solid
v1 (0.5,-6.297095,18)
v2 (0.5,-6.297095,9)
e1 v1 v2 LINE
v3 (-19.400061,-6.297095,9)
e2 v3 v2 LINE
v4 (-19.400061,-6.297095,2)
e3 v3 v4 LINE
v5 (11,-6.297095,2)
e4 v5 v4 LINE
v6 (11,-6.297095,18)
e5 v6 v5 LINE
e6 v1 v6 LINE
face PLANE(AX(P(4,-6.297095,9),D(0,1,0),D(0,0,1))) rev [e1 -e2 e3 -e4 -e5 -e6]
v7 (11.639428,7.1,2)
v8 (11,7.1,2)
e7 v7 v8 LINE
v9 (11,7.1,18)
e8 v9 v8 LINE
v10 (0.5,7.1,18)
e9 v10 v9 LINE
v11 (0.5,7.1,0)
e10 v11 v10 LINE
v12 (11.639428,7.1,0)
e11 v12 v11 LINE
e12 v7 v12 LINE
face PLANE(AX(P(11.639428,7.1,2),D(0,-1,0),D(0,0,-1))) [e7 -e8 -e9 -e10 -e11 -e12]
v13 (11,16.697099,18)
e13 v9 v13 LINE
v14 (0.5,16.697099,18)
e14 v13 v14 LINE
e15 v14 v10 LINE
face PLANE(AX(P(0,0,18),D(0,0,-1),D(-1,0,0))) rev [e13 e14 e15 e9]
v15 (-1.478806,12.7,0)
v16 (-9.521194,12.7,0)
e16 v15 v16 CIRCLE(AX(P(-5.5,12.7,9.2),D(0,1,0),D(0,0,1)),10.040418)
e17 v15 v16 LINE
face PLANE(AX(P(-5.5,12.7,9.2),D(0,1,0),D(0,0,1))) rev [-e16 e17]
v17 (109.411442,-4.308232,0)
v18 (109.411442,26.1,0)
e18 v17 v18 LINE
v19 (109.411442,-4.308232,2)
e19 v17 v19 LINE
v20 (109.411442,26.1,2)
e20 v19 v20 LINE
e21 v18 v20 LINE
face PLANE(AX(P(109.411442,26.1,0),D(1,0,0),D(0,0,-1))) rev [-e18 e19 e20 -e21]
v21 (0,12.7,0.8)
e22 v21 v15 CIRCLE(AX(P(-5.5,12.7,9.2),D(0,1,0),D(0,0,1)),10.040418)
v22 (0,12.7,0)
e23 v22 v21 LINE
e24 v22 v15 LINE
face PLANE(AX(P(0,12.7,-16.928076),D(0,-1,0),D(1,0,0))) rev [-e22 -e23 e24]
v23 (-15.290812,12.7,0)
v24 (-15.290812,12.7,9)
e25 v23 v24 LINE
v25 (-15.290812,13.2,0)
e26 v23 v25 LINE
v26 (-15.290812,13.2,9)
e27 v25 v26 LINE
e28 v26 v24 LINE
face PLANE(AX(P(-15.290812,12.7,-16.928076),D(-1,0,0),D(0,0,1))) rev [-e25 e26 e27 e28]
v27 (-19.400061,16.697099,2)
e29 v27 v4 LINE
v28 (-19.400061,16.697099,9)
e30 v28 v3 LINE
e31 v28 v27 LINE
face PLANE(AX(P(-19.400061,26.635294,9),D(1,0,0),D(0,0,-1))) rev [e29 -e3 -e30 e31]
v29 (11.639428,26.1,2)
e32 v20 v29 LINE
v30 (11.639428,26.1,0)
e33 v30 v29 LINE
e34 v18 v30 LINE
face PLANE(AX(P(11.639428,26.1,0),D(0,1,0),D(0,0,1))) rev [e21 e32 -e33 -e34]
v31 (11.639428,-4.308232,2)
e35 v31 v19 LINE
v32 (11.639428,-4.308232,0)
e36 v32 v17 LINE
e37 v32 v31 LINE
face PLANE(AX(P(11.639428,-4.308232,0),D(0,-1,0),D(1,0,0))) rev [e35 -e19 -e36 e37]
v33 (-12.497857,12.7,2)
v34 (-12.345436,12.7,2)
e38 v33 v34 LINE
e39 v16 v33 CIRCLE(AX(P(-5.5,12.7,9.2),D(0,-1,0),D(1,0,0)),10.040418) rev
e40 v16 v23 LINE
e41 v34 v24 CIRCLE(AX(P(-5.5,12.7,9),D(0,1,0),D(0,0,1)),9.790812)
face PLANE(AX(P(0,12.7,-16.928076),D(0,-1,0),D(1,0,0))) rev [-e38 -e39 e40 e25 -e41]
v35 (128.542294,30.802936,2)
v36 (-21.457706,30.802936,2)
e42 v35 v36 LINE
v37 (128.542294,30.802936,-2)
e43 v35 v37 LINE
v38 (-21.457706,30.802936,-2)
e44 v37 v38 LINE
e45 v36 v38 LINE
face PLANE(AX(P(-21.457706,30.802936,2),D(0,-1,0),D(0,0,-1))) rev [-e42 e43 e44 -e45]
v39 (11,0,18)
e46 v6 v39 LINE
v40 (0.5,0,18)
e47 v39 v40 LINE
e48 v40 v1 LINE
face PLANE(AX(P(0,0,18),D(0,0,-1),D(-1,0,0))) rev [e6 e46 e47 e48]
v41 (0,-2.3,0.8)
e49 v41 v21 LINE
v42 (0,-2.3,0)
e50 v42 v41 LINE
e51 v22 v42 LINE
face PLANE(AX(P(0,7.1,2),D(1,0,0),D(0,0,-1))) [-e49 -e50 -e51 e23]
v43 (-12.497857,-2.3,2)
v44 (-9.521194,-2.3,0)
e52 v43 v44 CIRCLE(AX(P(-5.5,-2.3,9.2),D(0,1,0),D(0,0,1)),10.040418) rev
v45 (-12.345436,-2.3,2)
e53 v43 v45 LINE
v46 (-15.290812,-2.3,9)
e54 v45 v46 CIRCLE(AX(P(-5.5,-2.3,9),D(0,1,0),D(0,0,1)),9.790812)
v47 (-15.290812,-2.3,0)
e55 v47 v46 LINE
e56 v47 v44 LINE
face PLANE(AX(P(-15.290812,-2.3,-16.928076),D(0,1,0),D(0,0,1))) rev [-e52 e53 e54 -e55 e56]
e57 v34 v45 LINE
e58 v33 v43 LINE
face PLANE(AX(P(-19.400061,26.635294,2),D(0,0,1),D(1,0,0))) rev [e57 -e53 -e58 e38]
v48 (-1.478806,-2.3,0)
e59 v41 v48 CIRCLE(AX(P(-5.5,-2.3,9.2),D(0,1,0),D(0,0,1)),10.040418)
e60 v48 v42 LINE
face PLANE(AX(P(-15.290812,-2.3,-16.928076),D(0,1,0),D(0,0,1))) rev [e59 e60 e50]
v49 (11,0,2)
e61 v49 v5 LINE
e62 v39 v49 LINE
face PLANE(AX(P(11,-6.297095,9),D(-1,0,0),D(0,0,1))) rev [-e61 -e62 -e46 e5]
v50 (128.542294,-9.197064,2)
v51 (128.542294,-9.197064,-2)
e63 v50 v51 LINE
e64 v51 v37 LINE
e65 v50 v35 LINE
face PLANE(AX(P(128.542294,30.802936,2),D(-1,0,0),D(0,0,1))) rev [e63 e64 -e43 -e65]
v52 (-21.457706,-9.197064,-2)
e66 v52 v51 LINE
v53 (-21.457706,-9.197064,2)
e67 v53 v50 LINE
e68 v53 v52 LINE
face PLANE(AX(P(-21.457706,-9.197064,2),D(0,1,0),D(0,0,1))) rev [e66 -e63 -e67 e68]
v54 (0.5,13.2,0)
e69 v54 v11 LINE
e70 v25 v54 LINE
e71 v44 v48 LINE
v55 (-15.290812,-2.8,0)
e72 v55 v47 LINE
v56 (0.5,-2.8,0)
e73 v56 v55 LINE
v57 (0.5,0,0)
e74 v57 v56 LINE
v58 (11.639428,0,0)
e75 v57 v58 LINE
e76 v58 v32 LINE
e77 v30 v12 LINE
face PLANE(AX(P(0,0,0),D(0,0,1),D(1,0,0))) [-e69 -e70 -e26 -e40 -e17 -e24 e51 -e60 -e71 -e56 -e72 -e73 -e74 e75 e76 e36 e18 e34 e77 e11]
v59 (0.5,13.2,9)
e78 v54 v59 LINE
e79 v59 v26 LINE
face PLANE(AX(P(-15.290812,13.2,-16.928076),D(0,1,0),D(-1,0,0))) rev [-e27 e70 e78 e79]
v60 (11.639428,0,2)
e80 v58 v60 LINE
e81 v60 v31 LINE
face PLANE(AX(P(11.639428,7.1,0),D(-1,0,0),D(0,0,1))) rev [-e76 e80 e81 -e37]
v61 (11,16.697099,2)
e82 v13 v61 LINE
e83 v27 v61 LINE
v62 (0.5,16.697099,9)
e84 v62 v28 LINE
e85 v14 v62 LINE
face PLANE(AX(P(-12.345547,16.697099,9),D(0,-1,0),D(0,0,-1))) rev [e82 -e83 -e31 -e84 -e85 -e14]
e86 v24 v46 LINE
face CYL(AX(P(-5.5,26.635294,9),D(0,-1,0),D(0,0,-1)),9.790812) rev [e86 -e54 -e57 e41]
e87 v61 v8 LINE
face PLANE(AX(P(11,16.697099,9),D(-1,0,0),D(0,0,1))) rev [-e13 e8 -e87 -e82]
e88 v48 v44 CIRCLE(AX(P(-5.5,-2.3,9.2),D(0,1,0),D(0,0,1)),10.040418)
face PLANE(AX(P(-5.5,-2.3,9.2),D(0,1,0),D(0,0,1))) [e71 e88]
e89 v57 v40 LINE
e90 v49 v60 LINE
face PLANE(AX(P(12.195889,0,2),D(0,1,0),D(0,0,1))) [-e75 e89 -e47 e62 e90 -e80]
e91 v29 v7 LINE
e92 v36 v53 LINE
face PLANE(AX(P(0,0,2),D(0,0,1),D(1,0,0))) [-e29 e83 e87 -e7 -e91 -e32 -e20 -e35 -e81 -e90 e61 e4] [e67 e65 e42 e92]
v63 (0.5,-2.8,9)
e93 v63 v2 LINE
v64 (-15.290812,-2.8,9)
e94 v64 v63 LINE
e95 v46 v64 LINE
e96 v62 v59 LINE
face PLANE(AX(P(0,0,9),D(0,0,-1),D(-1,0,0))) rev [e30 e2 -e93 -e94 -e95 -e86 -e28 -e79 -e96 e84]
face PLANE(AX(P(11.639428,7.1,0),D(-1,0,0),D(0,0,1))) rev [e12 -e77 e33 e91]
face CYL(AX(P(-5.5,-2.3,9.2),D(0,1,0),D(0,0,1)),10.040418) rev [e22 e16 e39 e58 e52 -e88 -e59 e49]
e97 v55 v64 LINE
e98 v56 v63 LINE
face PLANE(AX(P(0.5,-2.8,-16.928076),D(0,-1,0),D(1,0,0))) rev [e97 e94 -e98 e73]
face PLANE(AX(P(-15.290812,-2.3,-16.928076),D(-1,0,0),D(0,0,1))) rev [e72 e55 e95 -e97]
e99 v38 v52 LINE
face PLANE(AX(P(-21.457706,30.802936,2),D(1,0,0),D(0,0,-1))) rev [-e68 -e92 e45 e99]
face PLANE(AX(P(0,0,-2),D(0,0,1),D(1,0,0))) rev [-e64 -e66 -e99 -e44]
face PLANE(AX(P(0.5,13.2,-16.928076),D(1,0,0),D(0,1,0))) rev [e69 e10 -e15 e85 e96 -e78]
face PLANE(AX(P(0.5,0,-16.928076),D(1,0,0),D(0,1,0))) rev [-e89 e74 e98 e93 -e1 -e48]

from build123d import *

# Parameters (mm, degrees)
SKETCH1_W                       = 150
SKETCH1_H                       = 40
BOSS_EXTRUDE1_DEPTH             = 2
SKETCH2_W                       = 150
SKETCH2_H                       = 40
BOSS_EXTRUDE2_DEPTH             = 2
CUT_EXTRUDE1_DEPTH              = 12.7
CUT_EXTRUDE1_DEPTH_BACK         = 2.3
BOSS_EXTRUDE3_DEPTH             = 9
BOSS_EXTRUDE4_REACH             = 32.803
BOSS_EXTRUDE4_DIRECTION_2_REACH = 11.197
CUT_EXTRUDE2_DEPTH              = 9
CUT_EXTRUDE3_DEPTH              = 2
SKETCH8_W                       = 10.5
SKETCH8_H                       = 9.597099162
SKETCH8_H_2                     = 6.297094949
BOSS_EXTRUDE5_DEPTH             = 9


with BuildPart() as part:
    # Sketch1 → Boss-Extrude1 (new body)
    with BuildSketch(Plane.XY):
        with Locations((53.542293618, 10.802935989)):
            Rectangle(SKETCH1_W, SKETCH1_H)
        with BuildLine():
            Line((107.411442145, 19.39470724), (107.411442145, 16.563139449))
            ThreePointArc((107.411442145, 16.563139449), (99.879507012, 8.827431039), (90.278173099, 3.889251358))
            ThreePointArc((90.278173099, 3.889251358), (87.976829975, 4.107947017), (85.862026946, 5.041550847))
            Line((85.862026946, 5.041550847), (83.564794922, 4.425052911))
            Line((83.564794922, 4.425052911), (81.157246557, 3.778949869))
            ThreePointArc((81.157246557, 3.778949869), (80.265596131, 1.871389792), (78.431111832, 0.8377103))
            Line((78.431111832, 0.8377103), (63.171073337, -3.257558326))
            ThreePointArc((63.171073337, -3.257558326), (60.782240037, -2.264409978), (59.531114294, 0))
            Line((59.531114294, 0), (51.260116039, 0))
            ThreePointArc((51.260116039, 0), (50.153419477, -2.317171365), (47.784117276, -3.307356952))
            Line((47.784117276, -3.307356952), (15.784117324, -3.309106743))
            ThreePointArc((15.784117324, -3.309106743), (13.343545232, -2.355539788), (12.195889194, 0))
            Line((12.195889194, 0), (0, 0))
            Line((0, 0), (0, 7.1))
            Line((0, 7.1), (11.639427583, 7.1))
            ThreePointArc((11.639427583, 7.1), (13.95708374, 11.772480363), (17.201849985, 15.85599537))
            ThreePointArc((17.201849985, 15.85599537), (17.97614749, 16.386455083), (18.8959739, 16.573119247))
            Line((18.8959739, 16.573119247), (44.695973562, 16.568946787))
            ThreePointArc((44.695973562, 16.568946787), (45.539742509, 16.358143902), (46.249834575, 15.85599537))
            ThreePointArc((46.249834575, 15.85599537), (49.049011998, 12.449181276), (51.19972816, 8.6))
            Line((51.19972816, 8.6), (59.697013712, 8.6))
            ThreePointArc((59.697013712, 8.6), (60.947722352, 11.657213146), (63.162897087, 14.107483583))
            ThreePointArc((63.162897087, 14.107483583), (63.865840812, 15.804539858), (65.562897087, 16.507483583))
            Line((65.562897087, 16.507483583), (72.962892379, 16.499136125))
            ThreePointArc((72.962892379, 16.499136125), (74.529247661, 15.732293003), (75.162897087, 14.107483583))
            ThreePointArc((75.162897087, 14.107483583), (76.943795958, 13.247586891), (78.431584017, 11.944701709))
            Line((78.431584017, 11.944701709), (84.544097467, 13.585089744))
            ThreePointArc((84.544097467, 13.585089744), (85.264438336, 15.182566708), (86.505516367, 16.419720272))
            ThreePointArc((86.505516367, 16.419720272), (94.138787289, 25.104262189), (104.023703334, 19.106218503))
            Line((104.023703334, 19.106218503), (107.411442145, 19.39470724))
        make_face(mode=Mode.SUBTRACT)
    extrude(amount=BOSS_EXTRUDE1_DEPTH)

    # Sketch2 → Boss-Extrude2 (add)
    with BuildSketch(Plane.XY):
        with Locations((53.542293618, 10.802935989)):
            Rectangle(SKETCH2_W, SKETCH2_H)
    extrude(amount=-BOSS_EXTRUDE2_DEPTH)

    # Sketch3 → Cut-Extrude1 (cut, two sides)
    with BuildSketch(Plane(origin=(0, 0, 0), x_dir=(1, 0, 0), z_dir=(0, 1, 0))) as cut_extrude1_sk:
        with BuildLine():
            Line((0, -0.8), (0, -17.6))
            ThreePointArc((0, -17.6), (-15.540418318, -9.2), (0, -0.8))
        make_face()
    extrude(amount=CUT_EXTRUDE1_DEPTH, mode=Mode.SUBTRACT)
    extrude(cut_extrude1_sk.sketch, amount=-CUT_EXTRUDE1_DEPTH_BACK, mode=Mode.SUBTRACT)

    # Sketch4 → Boss-Extrude3 (add)
    with BuildSketch(Plane.XY):
        Polygon((0, 7.1), (0, 12.7), (-12.497856815, 12.7), (-15.345436436, 12.7), (-15.345436436, 16.697099162), (-12.345546973, 16.697099162), (4, 16.697099162), (11, 16.697099162), (11, 7.1), align=None)
        Polygon((0, 0), (0, -2.3), (-12.497856815, -2.3), (-15.345436436, -2.3), (-15.345436436, -6.297094949), (-12.345436436, -6.297094949), (4, -6.297094949), (11, -6.297094949), (11, 0), align=None)
    extrude(amount=BOSS_EXTRUDE3_DEPTH)

    # Boss-Extrude4: up to this face of the body (flat: up to its plane)
    boss_extrude4_end = Plane(part.part.faces().sort_by_distance((-2.172718218, 16.697099162, 5.5))[0])
    # Sketch5 → Boss-Extrude4 (add, up to the picked face)
    with BuildSketch(Plane(origin=(0, 0, 0), x_dir=(1, 0, 0), z_dir=(0, 1, 0)), mode=Mode.PRIVATE) as boss_extrude4_sk1:
        with BuildLine():
            Line((-15.290812019, -9), (-19.400060853, -9))
            Line((-19.400060853, -9), (-19.400060853, -2))
            Line((-19.400060853, -2), (-12.345436436, -2))
            ThreePointArc((-12.345436436, -2), (-14.524477307, -5.20278927), (-15.290812019, -9))
        make_face()
    boss_extrude4_tool1 = split(extrude(boss_extrude4_sk1.sketch, amount=BOSS_EXTRUDE4_REACH, mode=Mode.PRIVATE), bisect_by=boss_extrude4_end, keep=Keep.BOTH, mode=Mode.PRIVATE)
    add(boss_extrude4_tool1.solids().sort_by_distance((-16.816054, 0, 5.171228))[0])

    # Boss-Extrude4 direction 2: up to this face of the body (flat: up to its plane)
    boss_extrude4_direction_2_end = Plane(part.part.faces().sort_by_distance((-2.172718218, -6.297094949, 5.5))[0])
    # Sketch5 → Boss-Extrude4 direction 2 (add, up to the picked face)
    with BuildSketch(Plane(origin=(0, 0, 0), x_dir=(1, 0, 0), z_dir=(0, 1, 0)), mode=Mode.PRIVATE) as boss_extrude4_direction_2_sk1:
        with BuildLine():
            Line((-15.290812019, -9), (-19.400060853, -9))
            Line((-19.400060853, -9), (-19.400060853, -2))
            Line((-19.400060853, -2), (-12.345436436, -2))
            ThreePointArc((-12.345436436, -2), (-14.524477307, -5.20278927), (-15.290812019, -9))
        make_face()
    boss_extrude4_direction_2_tool1 = split(extrude(boss_extrude4_direction_2_sk1.sketch, amount=-BOSS_EXTRUDE4_DIRECTION_2_REACH, mode=Mode.PRIVATE), bisect_by=boss_extrude4_direction_2_end, keep=Keep.BOTH, mode=Mode.PRIVATE)
    add(boss_extrude4_direction_2_tool1.solids().sort_by_distance((-16.816054, 0, 5.171228))[0])

    # Sketch6 → Cut-Extrude2 (cut)
    with BuildSketch(Plane.XY.offset(9)):
        Polygon((0, 7.1), (0, 12.7), (-15.290812019, 12.7), (-15.290812019, 13.2), (0.5, 13.2), (0.5, 7.1), align=None)
        Polygon((-15.290812019, -2.3), (0, -2.3), (0, 0), (0.5, 0), (0.5, -2.8), (-15.290812019, -2.8), align=None)
    extrude(amount=-CUT_EXTRUDE2_DEPTH, mode=Mode.SUBTRACT)

    # Sketch7 → Cut-Extrude3 (cut)
    with BuildSketch(Plane.XY.offset(2)):
        Polygon((11.639427583, 7.1), (11.639427583, 26.1), (109.411442143, 26.1), (109.411442143, -4.30823185), (11.639427583, -4.30823185), align=None)
    extrude(amount=-CUT_EXTRUDE3_DEPTH, mode=Mode.SUBTRACT)

    # Sketch8 → Boss-Extrude5 (add)
    with BuildSketch(Plane.XY.offset(9)):
        with Locations((5.75, 11.898549581)):
            Rectangle(SKETCH8_W, SKETCH8_H)
        with Locations((5.75, -3.148547475)):
            Rectangle(SKETCH8_W, SKETCH8_H_2)
    extrude(amount=BOSS_EXTRUDE5_DEPTH)


solid = part.part
